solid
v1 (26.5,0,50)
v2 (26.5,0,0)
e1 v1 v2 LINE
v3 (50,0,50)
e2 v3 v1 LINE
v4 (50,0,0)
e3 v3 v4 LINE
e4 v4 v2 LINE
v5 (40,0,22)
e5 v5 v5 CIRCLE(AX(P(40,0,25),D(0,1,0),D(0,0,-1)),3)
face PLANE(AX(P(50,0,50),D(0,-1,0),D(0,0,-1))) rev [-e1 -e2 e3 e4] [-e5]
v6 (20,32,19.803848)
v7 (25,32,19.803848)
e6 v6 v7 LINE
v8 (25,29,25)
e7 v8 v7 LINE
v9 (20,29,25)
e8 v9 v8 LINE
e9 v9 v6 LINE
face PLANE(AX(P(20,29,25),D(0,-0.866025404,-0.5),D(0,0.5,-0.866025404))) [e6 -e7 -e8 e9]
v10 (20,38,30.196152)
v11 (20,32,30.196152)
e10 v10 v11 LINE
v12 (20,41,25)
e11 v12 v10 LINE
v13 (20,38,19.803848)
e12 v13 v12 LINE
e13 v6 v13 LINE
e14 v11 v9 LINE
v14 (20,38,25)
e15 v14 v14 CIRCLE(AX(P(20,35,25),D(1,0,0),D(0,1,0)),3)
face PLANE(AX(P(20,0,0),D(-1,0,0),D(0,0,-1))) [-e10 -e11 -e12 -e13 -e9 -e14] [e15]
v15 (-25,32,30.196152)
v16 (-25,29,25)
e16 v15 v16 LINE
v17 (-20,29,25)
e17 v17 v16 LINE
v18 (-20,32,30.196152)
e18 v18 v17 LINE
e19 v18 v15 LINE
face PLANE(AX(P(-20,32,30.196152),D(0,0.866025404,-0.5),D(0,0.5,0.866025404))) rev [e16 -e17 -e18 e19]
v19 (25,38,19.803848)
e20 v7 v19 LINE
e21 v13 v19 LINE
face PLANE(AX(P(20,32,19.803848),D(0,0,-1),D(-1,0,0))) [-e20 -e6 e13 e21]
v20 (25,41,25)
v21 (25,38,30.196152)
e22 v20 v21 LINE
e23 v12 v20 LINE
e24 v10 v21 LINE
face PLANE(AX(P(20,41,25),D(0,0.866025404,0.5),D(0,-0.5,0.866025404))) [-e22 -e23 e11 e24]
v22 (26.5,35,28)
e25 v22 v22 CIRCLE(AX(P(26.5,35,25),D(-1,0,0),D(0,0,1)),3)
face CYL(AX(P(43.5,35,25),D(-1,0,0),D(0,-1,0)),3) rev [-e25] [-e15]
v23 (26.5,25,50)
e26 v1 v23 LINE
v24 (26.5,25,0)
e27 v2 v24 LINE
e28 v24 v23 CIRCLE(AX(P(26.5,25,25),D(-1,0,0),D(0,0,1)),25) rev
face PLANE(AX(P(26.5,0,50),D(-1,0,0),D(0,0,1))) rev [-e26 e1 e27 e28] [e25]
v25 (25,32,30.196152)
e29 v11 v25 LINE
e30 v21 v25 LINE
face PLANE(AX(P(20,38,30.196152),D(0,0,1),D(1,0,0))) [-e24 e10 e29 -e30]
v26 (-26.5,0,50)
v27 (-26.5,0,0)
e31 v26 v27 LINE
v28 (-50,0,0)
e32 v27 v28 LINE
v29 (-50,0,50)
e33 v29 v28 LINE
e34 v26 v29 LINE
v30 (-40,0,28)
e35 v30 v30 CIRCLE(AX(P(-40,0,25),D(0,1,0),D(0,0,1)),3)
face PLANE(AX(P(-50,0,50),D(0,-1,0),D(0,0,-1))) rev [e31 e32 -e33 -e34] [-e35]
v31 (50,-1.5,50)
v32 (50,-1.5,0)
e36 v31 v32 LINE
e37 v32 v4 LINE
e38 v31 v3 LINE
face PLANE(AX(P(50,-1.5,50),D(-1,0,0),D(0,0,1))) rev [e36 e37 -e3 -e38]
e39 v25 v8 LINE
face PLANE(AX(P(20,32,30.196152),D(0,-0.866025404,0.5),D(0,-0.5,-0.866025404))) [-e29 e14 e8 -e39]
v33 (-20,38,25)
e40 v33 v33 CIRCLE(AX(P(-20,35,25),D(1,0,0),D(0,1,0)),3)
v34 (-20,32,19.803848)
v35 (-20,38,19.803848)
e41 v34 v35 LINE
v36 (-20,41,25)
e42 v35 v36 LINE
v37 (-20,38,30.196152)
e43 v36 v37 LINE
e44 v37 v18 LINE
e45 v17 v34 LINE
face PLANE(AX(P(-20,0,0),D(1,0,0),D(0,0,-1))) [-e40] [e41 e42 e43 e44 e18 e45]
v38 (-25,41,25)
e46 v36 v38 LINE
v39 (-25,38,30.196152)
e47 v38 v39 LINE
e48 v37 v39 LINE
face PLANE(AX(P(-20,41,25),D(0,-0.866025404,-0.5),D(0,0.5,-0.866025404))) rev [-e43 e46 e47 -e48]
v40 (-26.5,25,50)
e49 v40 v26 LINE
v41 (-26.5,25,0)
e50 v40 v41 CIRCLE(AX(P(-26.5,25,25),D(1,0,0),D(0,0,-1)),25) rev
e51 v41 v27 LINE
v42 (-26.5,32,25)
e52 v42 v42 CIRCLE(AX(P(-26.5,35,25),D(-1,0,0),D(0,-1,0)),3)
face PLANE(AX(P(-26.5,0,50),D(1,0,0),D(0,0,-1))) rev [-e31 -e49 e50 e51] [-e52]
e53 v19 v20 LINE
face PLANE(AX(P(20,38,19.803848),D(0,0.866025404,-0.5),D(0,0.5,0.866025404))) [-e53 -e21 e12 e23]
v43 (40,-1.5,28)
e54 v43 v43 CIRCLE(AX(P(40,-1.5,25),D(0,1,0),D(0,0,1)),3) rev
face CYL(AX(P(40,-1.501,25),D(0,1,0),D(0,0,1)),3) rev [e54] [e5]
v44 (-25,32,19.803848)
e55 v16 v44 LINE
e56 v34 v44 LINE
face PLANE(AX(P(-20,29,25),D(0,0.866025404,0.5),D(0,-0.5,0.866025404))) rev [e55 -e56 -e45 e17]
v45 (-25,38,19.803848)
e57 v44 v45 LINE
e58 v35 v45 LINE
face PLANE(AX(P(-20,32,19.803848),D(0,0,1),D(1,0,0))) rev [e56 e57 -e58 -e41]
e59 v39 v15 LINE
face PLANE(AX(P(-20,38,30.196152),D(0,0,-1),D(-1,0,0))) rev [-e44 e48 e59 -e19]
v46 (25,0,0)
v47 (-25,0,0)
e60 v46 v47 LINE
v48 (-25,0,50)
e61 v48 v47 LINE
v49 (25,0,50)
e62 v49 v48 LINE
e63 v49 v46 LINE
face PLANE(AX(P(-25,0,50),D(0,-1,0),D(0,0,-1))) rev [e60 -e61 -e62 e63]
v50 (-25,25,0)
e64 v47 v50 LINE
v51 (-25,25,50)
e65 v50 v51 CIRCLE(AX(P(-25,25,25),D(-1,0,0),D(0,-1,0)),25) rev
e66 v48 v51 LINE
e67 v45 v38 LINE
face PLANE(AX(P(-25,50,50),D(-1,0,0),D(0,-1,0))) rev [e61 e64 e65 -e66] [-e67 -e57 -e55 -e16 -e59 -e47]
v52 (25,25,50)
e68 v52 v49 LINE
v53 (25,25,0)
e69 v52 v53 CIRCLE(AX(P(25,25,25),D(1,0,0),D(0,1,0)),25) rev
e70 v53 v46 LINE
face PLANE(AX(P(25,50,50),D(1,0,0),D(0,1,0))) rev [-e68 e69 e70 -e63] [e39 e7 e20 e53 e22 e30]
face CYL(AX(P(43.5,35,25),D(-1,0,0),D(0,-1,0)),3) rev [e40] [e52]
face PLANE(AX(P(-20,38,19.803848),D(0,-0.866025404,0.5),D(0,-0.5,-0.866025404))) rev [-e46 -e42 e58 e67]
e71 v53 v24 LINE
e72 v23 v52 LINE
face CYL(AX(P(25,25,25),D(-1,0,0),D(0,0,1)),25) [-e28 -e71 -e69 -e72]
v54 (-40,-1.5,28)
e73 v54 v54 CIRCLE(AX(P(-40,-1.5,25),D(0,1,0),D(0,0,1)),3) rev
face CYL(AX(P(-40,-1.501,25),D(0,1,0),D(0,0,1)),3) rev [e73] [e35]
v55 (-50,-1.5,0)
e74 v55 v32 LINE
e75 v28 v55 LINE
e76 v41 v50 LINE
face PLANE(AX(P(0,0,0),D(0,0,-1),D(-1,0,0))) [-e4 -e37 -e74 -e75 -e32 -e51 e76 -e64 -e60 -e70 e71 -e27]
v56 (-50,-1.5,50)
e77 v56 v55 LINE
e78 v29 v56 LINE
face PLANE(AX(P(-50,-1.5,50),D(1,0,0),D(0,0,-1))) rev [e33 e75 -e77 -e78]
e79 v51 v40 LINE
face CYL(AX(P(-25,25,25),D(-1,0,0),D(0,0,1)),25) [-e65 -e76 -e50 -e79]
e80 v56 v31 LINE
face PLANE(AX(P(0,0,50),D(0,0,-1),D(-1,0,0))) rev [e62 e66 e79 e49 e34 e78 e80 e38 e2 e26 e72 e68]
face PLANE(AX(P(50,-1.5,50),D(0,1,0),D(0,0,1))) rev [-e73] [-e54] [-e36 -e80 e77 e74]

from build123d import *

# Parameters (mm, degrees)
BOSS_EXTRUDE1_DEPTH = 50
CUT_EXTRUDE1_REACH  = 88.603
SKETCH2_R           = 3
SKETCH3_R           = 3
CUT_EXTRUDE2_DEPTH  = 70
FILLET2_RADIUS      = 25
FILLET2_LENGTH      = 1.5
FILLET3_RADIUS      = 25
FILLET3_LENGTH      = 1.5
SKETCH4_R           = 3
BOSS_EXTRUDE2_DEPTH = 5


with BuildPart() as part:
    # Sketch1 → Boss-Extrude1 (new body)
    with BuildSketch(Plane.XY):
        Polygon((50, -1.5), (-50, -1.5), (-50, 0), (-26.5, 0), (-26.5, 50), (-25, 50), (-25, 0), (25, 0), (25, 50), (26.5, 50), (26.5, 0), (50, 0), align=None)
    extrude(amount=BOSS_EXTRUDE1_DEPTH)

    # Sketch2 → Cut-Extrude1 (cut, up to next)
    with BuildSketch(Plane(origin=(0, 0, 0), x_dir=(1, 0, 0), z_dir=(0, 1, 0)), mode=Mode.PRIVATE) as cut_extrude1_sk1:
        with Locations(Location((-40, -25, 0), (0, 0, 270))):
            Circle(SKETCH2_R)
    cut_extrude1_tool1 = extrude(cut_extrude1_sk1.sketch, amount=-CUT_EXTRUDE1_REACH, mode=Mode.PRIVATE) & part.part
    # Sketch2 → Cut-Extrude1 (cut, up to next)
    with BuildSketch(Plane(origin=(0, 0, 0), x_dir=(1, 0, 0), z_dir=(0, 1, 0)), mode=Mode.PRIVATE) as cut_extrude1_sk2:
        with Locations(Location((40, -25, 0), (0, 0, 270))):
            Circle(SKETCH2_R)
    cut_extrude1_tool2 = extrude(cut_extrude1_sk2.sketch, amount=-CUT_EXTRUDE1_REACH, mode=Mode.PRIVATE) & part.part
    add(cut_extrude1_tool1.solids().sort_by_distance((-40, 0, 25))[0], mode=Mode.SUBTRACT)
    add(cut_extrude1_tool2.solids().sort_by_distance((40, 0, 25))[0], mode=Mode.SUBTRACT)

    # Sketch3 → Cut-Extrude2 (cut)
    with BuildSketch(Plane.ZY.offset(26.5)):
        with Locations(Location((25, 35, 0), (0, 0, 270))):
            Circle(SKETCH3_R)
    extrude(amount=-CUT_EXTRUDE2_DEPTH, mode=Mode.SUBTRACT)

    # Fillet2: full round fillet: the end face becomes a half cylinder, R = half its width
    fillet2_face = Plane((25.75, 50, 25), x_dir=(1, 0, 0), z_dir=(0, 1, 0))  # on the end face: x along it, z out of the body
    fillet2_slab = fillet2_face.offset(-FILLET2_RADIUS / 2) * Box(FILLET2_LENGTH, 2 * FILLET2_RADIUS, FILLET2_RADIUS, mode=Mode.PRIVATE)  # the body's end, R deep
    fillet2_round = Plane((25.75, 25, 25), x_dir=(0, 1, 0), z_dir=(1, 0, 0)) * Cylinder(FILLET2_RADIUS, FILLET2_LENGTH, mode=Mode.PRIVATE)  # its axis R under the face
    add(fillet2_slab - fillet2_round, mode=Mode.SUBTRACT)

    # Fillet3: full round fillet: the end face becomes a half cylinder, R = half its width
    fillet3_face = Plane((-25.75, 50, 25), x_dir=(-1, 0, 0), z_dir=(0, 1, 0))  # on the end face: x along it, z out of the body
    fillet3_slab = fillet3_face.offset(-FILLET3_RADIUS / 2) * Box(FILLET3_LENGTH, 2 * FILLET3_RADIUS, FILLET3_RADIUS, mode=Mode.PRIVATE)  # the body's end, R deep
    fillet3_round = Plane((-25.75, 25, 25), x_dir=(0, 1, 0), z_dir=(-1, 0, 0)) * Cylinder(FILLET3_RADIUS, FILLET3_LENGTH, mode=Mode.PRIVATE)  # its axis R under the face
    add(fillet3_slab - fillet3_round, mode=Mode.SUBTRACT)

    # Sketch4 → Boss-Extrude2 (add)
    with BuildSketch(Plane(origin=(-25, 0, 0), x_dir=(0, 0, -1), z_dir=(1, 0, 0))):
        Polygon((-30.196152423, 32), (-25, 29), (-19.803847577, 32), (-19.803847577, 38), (-25, 41), (-30.196152423, 38), align=None)
        with Locations(Location((-25, 35, 0), (0, 0, 270))):
            Circle(SKETCH4_R, mode=Mode.SUBTRACT)
    boss_extrude2 = extrude(amount=BOSS_EXTRUDE2_DEPTH)

    # Mirror1: Boss-Extrude2 across plane
    add(boss_extrude2.mirror(Plane(origin=(0, 0, 0), x_dir=(0, 0, 1), z_dir=(1, 0, 0))))


solid = part.part
